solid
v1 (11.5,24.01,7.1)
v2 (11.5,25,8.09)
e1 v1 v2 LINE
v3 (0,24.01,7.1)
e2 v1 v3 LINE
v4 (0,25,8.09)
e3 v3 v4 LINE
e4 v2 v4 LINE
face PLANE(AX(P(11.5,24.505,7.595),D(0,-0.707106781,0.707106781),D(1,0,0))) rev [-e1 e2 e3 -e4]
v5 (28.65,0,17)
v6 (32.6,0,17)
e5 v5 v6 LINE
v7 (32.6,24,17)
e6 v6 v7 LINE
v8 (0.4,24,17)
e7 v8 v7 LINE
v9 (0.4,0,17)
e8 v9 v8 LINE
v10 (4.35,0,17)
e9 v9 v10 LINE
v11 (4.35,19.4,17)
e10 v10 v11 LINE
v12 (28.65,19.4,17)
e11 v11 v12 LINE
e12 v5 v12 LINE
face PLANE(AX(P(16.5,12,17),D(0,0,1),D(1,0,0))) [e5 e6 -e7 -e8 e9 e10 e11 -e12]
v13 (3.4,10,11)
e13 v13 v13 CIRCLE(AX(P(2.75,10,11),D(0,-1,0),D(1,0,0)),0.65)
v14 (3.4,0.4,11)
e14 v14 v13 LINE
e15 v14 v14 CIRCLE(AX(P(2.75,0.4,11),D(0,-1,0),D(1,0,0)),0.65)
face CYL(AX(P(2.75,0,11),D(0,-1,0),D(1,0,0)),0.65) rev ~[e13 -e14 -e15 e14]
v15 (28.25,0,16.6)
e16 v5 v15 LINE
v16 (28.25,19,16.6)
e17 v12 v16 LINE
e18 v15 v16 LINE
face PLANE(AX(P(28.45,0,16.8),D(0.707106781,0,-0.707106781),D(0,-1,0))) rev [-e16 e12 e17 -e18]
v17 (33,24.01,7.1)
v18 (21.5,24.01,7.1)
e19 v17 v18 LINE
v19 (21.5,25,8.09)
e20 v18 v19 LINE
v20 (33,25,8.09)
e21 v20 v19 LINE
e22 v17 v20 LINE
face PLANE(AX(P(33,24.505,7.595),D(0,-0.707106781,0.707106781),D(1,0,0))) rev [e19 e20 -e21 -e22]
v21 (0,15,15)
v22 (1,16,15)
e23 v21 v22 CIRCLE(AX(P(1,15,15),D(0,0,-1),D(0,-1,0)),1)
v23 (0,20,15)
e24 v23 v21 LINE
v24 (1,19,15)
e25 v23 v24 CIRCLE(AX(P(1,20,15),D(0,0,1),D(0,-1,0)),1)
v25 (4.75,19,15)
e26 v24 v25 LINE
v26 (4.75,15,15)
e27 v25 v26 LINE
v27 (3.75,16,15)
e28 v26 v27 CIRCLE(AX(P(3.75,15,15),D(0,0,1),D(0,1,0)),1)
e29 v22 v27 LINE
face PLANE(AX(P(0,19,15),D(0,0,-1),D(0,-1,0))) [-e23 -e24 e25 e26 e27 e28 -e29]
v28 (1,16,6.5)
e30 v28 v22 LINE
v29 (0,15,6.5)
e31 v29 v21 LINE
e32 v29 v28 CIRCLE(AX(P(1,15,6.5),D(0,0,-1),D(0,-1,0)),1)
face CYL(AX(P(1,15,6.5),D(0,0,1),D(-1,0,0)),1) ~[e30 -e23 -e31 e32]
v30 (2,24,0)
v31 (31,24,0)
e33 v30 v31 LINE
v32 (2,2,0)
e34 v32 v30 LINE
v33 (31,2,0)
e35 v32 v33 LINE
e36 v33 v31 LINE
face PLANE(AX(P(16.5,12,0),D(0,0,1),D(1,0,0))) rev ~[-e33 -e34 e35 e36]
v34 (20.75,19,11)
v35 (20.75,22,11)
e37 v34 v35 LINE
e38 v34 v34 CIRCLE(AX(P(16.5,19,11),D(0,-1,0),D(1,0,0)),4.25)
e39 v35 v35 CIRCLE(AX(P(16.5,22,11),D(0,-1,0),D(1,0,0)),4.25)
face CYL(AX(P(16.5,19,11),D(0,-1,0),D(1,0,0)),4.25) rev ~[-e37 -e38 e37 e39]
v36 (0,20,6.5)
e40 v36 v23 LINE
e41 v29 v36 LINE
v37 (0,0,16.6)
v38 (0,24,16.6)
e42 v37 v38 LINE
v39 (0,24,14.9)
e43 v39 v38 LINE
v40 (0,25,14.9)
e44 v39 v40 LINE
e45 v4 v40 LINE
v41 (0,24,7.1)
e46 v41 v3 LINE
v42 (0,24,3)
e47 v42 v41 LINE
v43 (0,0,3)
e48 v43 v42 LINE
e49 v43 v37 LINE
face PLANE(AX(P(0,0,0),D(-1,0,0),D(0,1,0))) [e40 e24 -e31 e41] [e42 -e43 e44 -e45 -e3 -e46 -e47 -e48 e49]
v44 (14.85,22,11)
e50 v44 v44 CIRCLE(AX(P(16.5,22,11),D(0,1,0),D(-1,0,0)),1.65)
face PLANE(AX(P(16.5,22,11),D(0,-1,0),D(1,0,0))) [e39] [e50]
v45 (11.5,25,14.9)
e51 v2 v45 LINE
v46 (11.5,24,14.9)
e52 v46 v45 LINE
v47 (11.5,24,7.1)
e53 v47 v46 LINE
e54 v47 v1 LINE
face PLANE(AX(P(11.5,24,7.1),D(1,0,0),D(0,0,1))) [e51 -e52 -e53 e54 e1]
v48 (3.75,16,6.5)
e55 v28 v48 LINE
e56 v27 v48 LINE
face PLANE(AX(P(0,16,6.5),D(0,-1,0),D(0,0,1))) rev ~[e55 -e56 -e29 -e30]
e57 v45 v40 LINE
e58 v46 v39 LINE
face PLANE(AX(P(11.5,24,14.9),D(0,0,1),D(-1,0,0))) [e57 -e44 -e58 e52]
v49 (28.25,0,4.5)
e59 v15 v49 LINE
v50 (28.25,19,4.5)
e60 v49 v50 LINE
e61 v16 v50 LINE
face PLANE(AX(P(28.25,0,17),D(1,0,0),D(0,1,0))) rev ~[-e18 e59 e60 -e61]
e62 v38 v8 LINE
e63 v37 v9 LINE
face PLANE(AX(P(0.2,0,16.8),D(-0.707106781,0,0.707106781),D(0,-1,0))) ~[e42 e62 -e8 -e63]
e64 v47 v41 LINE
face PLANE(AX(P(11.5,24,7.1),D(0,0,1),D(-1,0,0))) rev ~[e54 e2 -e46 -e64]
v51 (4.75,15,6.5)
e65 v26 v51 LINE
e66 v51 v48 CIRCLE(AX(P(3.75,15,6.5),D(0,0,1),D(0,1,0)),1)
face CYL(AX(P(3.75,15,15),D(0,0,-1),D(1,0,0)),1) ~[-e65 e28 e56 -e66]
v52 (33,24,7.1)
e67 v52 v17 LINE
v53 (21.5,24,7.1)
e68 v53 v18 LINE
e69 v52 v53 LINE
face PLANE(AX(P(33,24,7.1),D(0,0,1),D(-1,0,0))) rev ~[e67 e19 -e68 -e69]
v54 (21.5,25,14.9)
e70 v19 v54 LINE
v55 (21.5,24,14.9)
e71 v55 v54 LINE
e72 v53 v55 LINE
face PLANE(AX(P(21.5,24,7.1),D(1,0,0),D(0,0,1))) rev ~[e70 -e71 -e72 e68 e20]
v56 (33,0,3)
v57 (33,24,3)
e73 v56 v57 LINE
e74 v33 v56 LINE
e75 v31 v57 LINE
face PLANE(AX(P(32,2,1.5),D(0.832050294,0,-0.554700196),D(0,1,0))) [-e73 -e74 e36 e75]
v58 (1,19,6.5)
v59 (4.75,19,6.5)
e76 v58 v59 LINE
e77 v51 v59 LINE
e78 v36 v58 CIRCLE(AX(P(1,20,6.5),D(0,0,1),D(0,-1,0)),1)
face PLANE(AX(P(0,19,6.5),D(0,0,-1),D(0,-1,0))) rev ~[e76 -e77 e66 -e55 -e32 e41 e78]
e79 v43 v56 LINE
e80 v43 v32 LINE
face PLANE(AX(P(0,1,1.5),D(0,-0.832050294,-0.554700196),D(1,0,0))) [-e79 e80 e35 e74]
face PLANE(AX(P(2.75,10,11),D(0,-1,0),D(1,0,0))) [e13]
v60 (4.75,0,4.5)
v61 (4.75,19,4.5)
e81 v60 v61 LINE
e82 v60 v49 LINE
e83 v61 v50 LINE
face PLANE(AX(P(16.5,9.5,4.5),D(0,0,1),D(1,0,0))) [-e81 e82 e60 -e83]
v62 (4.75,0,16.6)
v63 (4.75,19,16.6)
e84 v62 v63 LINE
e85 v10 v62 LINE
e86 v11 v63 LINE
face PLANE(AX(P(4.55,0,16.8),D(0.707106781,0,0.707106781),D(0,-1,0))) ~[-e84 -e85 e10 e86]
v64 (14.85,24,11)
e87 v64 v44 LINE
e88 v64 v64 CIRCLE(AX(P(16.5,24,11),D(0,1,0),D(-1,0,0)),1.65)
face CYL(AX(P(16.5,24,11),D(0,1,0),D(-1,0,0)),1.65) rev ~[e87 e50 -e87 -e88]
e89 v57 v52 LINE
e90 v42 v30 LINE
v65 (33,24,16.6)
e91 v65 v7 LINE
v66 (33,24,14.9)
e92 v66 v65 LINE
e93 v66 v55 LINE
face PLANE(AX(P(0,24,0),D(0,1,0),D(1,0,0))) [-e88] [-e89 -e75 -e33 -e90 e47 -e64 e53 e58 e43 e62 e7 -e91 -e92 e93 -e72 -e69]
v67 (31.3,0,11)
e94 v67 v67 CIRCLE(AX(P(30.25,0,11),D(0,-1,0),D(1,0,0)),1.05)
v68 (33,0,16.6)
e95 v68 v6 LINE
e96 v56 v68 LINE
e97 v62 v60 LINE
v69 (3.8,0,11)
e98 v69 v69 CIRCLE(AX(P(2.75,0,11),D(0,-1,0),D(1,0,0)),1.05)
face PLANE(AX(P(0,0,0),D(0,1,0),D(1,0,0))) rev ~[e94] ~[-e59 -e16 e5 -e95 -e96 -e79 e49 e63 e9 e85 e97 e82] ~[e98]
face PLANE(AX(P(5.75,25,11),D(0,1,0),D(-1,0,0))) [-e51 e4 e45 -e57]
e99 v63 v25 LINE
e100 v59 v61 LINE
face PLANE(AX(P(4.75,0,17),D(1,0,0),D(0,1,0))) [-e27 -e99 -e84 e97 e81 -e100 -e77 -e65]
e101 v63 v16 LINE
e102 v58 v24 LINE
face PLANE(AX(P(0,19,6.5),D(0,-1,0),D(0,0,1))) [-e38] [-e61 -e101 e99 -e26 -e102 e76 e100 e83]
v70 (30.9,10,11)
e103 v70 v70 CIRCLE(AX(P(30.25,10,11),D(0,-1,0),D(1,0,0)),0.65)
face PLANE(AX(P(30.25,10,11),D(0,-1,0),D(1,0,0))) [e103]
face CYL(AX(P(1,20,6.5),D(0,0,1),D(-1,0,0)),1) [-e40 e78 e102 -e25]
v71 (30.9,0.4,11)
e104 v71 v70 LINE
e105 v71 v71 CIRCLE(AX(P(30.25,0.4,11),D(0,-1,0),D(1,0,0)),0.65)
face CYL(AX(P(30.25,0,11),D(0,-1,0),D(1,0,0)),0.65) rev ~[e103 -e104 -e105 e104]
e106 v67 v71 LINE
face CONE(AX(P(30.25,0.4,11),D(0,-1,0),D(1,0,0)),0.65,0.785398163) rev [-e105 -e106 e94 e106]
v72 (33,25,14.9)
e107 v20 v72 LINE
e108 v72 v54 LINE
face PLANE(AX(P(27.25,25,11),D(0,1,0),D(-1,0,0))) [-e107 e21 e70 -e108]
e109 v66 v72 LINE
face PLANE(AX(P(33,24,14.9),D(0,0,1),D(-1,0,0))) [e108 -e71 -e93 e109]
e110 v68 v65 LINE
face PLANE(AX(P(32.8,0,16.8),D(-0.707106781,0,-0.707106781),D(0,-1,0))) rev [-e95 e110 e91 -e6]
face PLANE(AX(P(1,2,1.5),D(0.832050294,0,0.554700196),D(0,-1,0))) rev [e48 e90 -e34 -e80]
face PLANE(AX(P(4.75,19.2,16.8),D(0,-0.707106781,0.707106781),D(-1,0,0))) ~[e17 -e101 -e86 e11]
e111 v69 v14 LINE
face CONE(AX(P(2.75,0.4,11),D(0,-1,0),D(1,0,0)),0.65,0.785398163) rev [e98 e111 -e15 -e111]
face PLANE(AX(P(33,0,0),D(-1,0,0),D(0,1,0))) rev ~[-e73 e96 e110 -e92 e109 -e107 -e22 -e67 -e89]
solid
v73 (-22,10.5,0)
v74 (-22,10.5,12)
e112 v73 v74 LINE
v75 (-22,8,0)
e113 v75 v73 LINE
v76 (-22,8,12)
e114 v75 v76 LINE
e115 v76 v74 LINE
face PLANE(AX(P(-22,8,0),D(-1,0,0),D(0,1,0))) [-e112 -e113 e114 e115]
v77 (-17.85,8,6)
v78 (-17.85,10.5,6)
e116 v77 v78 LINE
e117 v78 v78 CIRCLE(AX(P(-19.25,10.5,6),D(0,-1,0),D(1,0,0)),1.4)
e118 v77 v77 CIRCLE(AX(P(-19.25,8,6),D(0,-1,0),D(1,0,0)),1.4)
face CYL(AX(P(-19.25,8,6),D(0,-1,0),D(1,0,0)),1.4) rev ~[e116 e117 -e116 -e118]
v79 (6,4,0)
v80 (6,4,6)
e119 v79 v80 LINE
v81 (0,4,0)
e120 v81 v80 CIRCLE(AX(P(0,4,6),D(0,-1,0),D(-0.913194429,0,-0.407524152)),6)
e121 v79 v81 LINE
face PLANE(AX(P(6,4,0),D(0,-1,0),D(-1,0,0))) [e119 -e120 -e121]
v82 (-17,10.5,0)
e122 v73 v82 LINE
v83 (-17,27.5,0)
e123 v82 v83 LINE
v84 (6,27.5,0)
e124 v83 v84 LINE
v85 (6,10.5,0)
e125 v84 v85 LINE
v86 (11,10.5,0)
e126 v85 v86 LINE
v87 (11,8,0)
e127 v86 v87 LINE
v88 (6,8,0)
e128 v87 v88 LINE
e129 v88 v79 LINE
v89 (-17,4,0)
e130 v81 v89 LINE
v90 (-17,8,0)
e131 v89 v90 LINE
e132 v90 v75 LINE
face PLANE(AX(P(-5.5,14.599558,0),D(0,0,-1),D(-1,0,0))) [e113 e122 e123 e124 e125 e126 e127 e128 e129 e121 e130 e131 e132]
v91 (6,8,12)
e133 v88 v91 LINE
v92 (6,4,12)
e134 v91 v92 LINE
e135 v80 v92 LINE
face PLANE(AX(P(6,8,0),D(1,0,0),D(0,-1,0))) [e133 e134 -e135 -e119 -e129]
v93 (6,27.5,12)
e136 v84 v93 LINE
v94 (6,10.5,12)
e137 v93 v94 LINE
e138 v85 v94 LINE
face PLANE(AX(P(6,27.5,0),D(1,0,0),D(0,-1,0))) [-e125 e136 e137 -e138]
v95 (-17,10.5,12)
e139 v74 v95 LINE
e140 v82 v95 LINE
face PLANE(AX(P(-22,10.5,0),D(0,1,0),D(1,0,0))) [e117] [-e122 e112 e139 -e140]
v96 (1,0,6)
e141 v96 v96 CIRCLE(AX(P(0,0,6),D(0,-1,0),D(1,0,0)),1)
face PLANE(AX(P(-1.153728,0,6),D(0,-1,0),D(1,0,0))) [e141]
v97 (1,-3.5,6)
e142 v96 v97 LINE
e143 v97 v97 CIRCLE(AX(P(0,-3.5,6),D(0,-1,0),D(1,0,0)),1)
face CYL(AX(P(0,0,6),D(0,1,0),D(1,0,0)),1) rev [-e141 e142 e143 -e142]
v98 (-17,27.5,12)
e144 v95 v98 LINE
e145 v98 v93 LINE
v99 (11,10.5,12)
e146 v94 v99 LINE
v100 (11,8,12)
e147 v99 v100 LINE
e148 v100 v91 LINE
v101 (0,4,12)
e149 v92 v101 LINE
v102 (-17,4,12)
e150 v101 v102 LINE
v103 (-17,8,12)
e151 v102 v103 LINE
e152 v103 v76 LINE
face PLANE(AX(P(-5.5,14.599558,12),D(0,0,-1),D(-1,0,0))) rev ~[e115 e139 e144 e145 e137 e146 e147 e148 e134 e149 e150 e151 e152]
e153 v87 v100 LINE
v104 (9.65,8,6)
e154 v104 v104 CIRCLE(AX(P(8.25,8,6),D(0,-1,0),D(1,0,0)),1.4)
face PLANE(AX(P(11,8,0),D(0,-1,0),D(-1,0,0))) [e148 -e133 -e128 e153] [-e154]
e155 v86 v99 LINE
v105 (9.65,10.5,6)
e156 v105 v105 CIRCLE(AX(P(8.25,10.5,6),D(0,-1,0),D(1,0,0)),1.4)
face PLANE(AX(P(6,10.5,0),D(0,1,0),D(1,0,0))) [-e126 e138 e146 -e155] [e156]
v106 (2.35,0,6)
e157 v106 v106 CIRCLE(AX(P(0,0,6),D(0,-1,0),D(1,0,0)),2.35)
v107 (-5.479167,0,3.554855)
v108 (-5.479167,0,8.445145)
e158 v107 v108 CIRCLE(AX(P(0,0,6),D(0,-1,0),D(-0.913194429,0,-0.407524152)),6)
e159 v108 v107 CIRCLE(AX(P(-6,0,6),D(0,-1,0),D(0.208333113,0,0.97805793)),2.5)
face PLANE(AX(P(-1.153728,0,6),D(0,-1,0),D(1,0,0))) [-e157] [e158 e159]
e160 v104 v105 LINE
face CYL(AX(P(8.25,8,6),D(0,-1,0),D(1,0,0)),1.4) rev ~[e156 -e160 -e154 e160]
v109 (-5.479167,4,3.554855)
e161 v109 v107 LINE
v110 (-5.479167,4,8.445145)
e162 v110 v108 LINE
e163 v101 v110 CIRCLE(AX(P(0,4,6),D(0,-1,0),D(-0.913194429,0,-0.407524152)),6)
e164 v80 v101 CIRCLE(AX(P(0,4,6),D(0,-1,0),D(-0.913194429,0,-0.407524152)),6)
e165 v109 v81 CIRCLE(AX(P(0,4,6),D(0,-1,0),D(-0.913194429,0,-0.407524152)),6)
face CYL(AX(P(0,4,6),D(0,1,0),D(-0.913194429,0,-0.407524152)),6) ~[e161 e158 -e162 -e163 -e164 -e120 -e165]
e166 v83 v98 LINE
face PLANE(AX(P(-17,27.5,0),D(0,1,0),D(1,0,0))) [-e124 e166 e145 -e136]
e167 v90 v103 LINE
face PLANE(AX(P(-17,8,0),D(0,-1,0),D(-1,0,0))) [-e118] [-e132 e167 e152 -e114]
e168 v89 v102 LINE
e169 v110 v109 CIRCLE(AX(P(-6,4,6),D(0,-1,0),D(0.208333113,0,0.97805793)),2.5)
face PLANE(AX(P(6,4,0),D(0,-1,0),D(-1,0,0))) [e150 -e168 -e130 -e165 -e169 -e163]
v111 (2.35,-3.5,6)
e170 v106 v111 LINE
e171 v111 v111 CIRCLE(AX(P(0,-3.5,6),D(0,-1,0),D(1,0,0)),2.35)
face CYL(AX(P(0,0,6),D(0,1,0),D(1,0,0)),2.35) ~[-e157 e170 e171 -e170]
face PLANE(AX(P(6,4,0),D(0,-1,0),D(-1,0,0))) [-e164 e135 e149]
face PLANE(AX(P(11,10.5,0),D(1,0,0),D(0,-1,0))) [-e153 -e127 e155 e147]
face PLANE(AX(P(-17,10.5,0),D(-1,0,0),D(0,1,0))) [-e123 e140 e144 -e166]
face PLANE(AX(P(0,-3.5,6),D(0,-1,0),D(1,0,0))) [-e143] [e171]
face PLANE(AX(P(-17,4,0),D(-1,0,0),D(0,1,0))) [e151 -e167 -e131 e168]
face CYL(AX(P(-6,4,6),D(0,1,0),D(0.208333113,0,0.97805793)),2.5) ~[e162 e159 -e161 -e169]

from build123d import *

# Parameters (mm, degrees)
PAD_DEPTH        = 12
PAD001_DEPTH     = 4
SKETCH002_R      = 2.35
SKETCH002_R_2    = 1
PAD002_DEPTH     = 3.5
SKETCH003_R      = 1.4
POCKET_DEPTH     = 19.501
SKETCH004_W      = 33
SKETCH004_H      = 24
PAD003_DEPTH     = 17
SKETCH005_W      = 23.5
SKETCH005_H      = 19
POCKET001_DEPTH  = 12.5
SKETCH006_W      = 3
SKETCH006_H      = 8.5
POCKET002_DEPTH  = 5
SKETCH007_R      = 0.65
POCKET003_DEPTH  = 10
SKETCH008_W      = 11.5
SKETCH008_H      = 7.8
PAD004_DEPTH     = 1
CHAMFER_SIZE     = 0.99
SKETCH009_R      = 1.65
POCKET004_DEPTH  = 5
SKETCH010_R      = 4.25
POCKET005_DEPTH  = 3
CHAMFER001_SIZE2 = 3
CHAMFER001_SIZE  = 2
CHAMFER002_SIZE2 = 2
CHAMFER002_SIZE  = 3
CHAMFER003_SIZE2 = 3
CHAMFER003_SIZE  = 2
CHAMFER004_SIZE  = 0.4
CHAMFER005_SIZE  = 0.4
FILLET_R         = 1


with BuildPart() as servo_pref:
    # Sketch → Pad (new body)
    with BuildSketch(Plane.XY):
        Polygon((-22, 10.5), (-17, 10.5), (-17, 27.5), (6, 27.5), (6, 10.5), (11, 10.5), (11, 8), (6, 8), (6, 4), (-17, 4), (-17, 8), (-22, 8), align=None)
    extrude(amount=PAD_DEPTH)

    # Sketch001 (on Face9 of Pad) → Pad001 (join)
    with BuildSketch(Plane.XZ.offset(-4)):
        with BuildLine():
            ThreePointArc((-5.479167, 3.554855), (6, 6), (-5.479167, 8.445145))
            ThreePointArc((-5.479167, 8.445145), (-8.5, 6), (-5.479167, 3.554855))
        make_face()
    extrude(amount=PAD001_DEPTH)

    # Sketch002 (on Face19 of Pad001) → Pad002 (join)
    with BuildSketch(Plane.XZ):
        with Locations((0, 6)):
            Circle(SKETCH002_R)
        with Locations((0, 6)):
            Circle(SKETCH002_R_2, mode=Mode.SUBTRACT)
    extrude(amount=PAD002_DEPTH)

    # Sketch003 (on Face6 of Pad002) → Pocket (cut, through all)
    with BuildSketch(Plane.XZ.offset(-8)):
        with Locations((-19.25, 6)):
            Circle(SKETCH003_R)
        with Locations((8.25, 6)):
            Circle(SKETCH003_R)
    extrude(amount=-POCKET_DEPTH, mode=Mode.SUBTRACT)


with BuildPart() as body001:
    # Sketch004 → Pad003 (new body)
    with BuildSketch(Plane.XY):
        with Locations((16.5, 12)):
            Rectangle(SKETCH004_W, SKETCH004_H)
    extrude(amount=PAD003_DEPTH)

    # Sketch005 (on Face6 of Pad003) → Pocket001 (cut)
    with BuildSketch(Plane.XY.offset(17)):
        with Locations((16.5, 9.5)):
            Rectangle(SKETCH005_W, SKETCH005_H)
    extrude(amount=-POCKET001_DEPTH, mode=Mode.SUBTRACT)

    # Sketch006 (on Face8 of Pocket001) → Pocket002 (cut)
    with BuildSketch(Plane(origin=(0, 0, 0), x_dir=(0, -1, 0), z_dir=(-1, 0, 0))):
        with Locations((-17.5, 10.75)):
            Rectangle(SKETCH006_W, SKETCH006_H)
    extrude(amount=-POCKET002_DEPTH, mode=Mode.SUBTRACT)

    # Sketch007 (on Face1 of Pocket002) → Pocket003 (cut)
    with BuildSketch(Plane.XZ):
        with Locations((2.75, 11)):
            Circle(SKETCH007_R)
        with Locations((30.25, 11)):
            Circle(SKETCH007_R)
    extrude(amount=-POCKET003_DEPTH, mode=Mode.SUBTRACT)

    # Sketch008 (on Face11 of Pocket003) → Pad004 (join)
    with BuildSketch(Plane(origin=(0, 24, 0), x_dir=(-1, 0, 0), z_dir=(0, 1, 0))):
        with Locations((-27.25, 11)):
            Rectangle(SKETCH008_W, SKETCH008_H)
        with Locations((-5.75, 11)):
            Rectangle(SKETCH008_W, SKETCH008_H)
    extrude(amount=PAD004_DEPTH)

    # Chamfer
    chamfer_edges = [body001.edges().sort_by_distance(p)[0] for p in [
        (27.25, 25, 7.1),
        (5.75, 25, 7.1),
    ]]
    chamfer(chamfer_edges, length=CHAMFER_SIZE)

    # Sketch009 (on Face7 of Chamfer) → Pocket004 (cut)
    with BuildSketch(Plane(origin=(0, 24, 0), x_dir=(-1, 0, 0), z_dir=(0, 1, 0))):
        with Locations((-16.5, 11)):
            Circle(SKETCH009_R)
    extrude(amount=-POCKET004_DEPTH, mode=Mode.SUBTRACT)

    # Sketch010 (on Face22 of Pocket004) → Pocket005 (cut)
    with BuildSketch(Plane.XZ.offset(-19)):
        with Locations((16.5, 11)):
            Circle(SKETCH010_R)
    extrude(amount=-POCKET005_DEPTH, mode=Mode.SUBTRACT)

    # Chamfer001
    chamfer001_edges = [body001.edges().sort_by_distance(p)[0] for p in [
        (16.5, 0, 0),
    ]]
    chamfer001_side = body001.faces().sort_by_distance((16.5, 12, 0))[0]
    chamfer(chamfer001_edges, length=CHAMFER001_SIZE, length2=CHAMFER001_SIZE2, reference=chamfer001_side)

    # Chamfer002
    chamfer002_edges = [body001.edges().sort_by_distance(p)[0] for p in [
        (0, 13, 0),
    ]]
    chamfer002_side = body001.faces().sort_by_distance((0, 11.720026, 8.408103))[0]
    chamfer(chamfer002_edges, length=CHAMFER002_SIZE, length2=CHAMFER002_SIZE2, reference=chamfer002_side)

    # Chamfer003
    chamfer003_edges = [body001.edges().sort_by_distance(p)[0] for p in [
        (33, 13, 0),
    ]]
    chamfer003_side = body001.faces().sort_by_distance((17.5, 13, 0))[0]
    chamfer(chamfer003_edges, length=CHAMFER003_SIZE, length2=CHAMFER003_SIZE2, reference=chamfer003_side)

    # Chamfer004
    chamfer004_edges = [body001.edges().sort_by_distance(p)[0] for p in [
        (0, 12, 17),
        (4.75, 9.5, 17),
        (16.5, 19, 17),
        (28.25, 9.5, 17),
        (33, 12, 17),
    ]]
    chamfer(chamfer004_edges, length=CHAMFER004_SIZE)

    # Chamfer005
    chamfer005_edges = [body001.edges().sort_by_distance(p)[0] for p in [
        (2.1, 0, 11),
        (29.6, 0, 11),
    ]]
    chamfer(chamfer005_edges, length=CHAMFER005_SIZE)

    # Fillet
    fillet_edges = [body001.edges().sort_by_distance(p)[0] for p in [
        (4.75, 16, 10.75),
        (0, 19, 10.75),
        (0, 16, 10.75),
    ]]
    fillet(fillet_edges, radius=FILLET_R)


solid = Compound([servo_pref.part, body001.part])
